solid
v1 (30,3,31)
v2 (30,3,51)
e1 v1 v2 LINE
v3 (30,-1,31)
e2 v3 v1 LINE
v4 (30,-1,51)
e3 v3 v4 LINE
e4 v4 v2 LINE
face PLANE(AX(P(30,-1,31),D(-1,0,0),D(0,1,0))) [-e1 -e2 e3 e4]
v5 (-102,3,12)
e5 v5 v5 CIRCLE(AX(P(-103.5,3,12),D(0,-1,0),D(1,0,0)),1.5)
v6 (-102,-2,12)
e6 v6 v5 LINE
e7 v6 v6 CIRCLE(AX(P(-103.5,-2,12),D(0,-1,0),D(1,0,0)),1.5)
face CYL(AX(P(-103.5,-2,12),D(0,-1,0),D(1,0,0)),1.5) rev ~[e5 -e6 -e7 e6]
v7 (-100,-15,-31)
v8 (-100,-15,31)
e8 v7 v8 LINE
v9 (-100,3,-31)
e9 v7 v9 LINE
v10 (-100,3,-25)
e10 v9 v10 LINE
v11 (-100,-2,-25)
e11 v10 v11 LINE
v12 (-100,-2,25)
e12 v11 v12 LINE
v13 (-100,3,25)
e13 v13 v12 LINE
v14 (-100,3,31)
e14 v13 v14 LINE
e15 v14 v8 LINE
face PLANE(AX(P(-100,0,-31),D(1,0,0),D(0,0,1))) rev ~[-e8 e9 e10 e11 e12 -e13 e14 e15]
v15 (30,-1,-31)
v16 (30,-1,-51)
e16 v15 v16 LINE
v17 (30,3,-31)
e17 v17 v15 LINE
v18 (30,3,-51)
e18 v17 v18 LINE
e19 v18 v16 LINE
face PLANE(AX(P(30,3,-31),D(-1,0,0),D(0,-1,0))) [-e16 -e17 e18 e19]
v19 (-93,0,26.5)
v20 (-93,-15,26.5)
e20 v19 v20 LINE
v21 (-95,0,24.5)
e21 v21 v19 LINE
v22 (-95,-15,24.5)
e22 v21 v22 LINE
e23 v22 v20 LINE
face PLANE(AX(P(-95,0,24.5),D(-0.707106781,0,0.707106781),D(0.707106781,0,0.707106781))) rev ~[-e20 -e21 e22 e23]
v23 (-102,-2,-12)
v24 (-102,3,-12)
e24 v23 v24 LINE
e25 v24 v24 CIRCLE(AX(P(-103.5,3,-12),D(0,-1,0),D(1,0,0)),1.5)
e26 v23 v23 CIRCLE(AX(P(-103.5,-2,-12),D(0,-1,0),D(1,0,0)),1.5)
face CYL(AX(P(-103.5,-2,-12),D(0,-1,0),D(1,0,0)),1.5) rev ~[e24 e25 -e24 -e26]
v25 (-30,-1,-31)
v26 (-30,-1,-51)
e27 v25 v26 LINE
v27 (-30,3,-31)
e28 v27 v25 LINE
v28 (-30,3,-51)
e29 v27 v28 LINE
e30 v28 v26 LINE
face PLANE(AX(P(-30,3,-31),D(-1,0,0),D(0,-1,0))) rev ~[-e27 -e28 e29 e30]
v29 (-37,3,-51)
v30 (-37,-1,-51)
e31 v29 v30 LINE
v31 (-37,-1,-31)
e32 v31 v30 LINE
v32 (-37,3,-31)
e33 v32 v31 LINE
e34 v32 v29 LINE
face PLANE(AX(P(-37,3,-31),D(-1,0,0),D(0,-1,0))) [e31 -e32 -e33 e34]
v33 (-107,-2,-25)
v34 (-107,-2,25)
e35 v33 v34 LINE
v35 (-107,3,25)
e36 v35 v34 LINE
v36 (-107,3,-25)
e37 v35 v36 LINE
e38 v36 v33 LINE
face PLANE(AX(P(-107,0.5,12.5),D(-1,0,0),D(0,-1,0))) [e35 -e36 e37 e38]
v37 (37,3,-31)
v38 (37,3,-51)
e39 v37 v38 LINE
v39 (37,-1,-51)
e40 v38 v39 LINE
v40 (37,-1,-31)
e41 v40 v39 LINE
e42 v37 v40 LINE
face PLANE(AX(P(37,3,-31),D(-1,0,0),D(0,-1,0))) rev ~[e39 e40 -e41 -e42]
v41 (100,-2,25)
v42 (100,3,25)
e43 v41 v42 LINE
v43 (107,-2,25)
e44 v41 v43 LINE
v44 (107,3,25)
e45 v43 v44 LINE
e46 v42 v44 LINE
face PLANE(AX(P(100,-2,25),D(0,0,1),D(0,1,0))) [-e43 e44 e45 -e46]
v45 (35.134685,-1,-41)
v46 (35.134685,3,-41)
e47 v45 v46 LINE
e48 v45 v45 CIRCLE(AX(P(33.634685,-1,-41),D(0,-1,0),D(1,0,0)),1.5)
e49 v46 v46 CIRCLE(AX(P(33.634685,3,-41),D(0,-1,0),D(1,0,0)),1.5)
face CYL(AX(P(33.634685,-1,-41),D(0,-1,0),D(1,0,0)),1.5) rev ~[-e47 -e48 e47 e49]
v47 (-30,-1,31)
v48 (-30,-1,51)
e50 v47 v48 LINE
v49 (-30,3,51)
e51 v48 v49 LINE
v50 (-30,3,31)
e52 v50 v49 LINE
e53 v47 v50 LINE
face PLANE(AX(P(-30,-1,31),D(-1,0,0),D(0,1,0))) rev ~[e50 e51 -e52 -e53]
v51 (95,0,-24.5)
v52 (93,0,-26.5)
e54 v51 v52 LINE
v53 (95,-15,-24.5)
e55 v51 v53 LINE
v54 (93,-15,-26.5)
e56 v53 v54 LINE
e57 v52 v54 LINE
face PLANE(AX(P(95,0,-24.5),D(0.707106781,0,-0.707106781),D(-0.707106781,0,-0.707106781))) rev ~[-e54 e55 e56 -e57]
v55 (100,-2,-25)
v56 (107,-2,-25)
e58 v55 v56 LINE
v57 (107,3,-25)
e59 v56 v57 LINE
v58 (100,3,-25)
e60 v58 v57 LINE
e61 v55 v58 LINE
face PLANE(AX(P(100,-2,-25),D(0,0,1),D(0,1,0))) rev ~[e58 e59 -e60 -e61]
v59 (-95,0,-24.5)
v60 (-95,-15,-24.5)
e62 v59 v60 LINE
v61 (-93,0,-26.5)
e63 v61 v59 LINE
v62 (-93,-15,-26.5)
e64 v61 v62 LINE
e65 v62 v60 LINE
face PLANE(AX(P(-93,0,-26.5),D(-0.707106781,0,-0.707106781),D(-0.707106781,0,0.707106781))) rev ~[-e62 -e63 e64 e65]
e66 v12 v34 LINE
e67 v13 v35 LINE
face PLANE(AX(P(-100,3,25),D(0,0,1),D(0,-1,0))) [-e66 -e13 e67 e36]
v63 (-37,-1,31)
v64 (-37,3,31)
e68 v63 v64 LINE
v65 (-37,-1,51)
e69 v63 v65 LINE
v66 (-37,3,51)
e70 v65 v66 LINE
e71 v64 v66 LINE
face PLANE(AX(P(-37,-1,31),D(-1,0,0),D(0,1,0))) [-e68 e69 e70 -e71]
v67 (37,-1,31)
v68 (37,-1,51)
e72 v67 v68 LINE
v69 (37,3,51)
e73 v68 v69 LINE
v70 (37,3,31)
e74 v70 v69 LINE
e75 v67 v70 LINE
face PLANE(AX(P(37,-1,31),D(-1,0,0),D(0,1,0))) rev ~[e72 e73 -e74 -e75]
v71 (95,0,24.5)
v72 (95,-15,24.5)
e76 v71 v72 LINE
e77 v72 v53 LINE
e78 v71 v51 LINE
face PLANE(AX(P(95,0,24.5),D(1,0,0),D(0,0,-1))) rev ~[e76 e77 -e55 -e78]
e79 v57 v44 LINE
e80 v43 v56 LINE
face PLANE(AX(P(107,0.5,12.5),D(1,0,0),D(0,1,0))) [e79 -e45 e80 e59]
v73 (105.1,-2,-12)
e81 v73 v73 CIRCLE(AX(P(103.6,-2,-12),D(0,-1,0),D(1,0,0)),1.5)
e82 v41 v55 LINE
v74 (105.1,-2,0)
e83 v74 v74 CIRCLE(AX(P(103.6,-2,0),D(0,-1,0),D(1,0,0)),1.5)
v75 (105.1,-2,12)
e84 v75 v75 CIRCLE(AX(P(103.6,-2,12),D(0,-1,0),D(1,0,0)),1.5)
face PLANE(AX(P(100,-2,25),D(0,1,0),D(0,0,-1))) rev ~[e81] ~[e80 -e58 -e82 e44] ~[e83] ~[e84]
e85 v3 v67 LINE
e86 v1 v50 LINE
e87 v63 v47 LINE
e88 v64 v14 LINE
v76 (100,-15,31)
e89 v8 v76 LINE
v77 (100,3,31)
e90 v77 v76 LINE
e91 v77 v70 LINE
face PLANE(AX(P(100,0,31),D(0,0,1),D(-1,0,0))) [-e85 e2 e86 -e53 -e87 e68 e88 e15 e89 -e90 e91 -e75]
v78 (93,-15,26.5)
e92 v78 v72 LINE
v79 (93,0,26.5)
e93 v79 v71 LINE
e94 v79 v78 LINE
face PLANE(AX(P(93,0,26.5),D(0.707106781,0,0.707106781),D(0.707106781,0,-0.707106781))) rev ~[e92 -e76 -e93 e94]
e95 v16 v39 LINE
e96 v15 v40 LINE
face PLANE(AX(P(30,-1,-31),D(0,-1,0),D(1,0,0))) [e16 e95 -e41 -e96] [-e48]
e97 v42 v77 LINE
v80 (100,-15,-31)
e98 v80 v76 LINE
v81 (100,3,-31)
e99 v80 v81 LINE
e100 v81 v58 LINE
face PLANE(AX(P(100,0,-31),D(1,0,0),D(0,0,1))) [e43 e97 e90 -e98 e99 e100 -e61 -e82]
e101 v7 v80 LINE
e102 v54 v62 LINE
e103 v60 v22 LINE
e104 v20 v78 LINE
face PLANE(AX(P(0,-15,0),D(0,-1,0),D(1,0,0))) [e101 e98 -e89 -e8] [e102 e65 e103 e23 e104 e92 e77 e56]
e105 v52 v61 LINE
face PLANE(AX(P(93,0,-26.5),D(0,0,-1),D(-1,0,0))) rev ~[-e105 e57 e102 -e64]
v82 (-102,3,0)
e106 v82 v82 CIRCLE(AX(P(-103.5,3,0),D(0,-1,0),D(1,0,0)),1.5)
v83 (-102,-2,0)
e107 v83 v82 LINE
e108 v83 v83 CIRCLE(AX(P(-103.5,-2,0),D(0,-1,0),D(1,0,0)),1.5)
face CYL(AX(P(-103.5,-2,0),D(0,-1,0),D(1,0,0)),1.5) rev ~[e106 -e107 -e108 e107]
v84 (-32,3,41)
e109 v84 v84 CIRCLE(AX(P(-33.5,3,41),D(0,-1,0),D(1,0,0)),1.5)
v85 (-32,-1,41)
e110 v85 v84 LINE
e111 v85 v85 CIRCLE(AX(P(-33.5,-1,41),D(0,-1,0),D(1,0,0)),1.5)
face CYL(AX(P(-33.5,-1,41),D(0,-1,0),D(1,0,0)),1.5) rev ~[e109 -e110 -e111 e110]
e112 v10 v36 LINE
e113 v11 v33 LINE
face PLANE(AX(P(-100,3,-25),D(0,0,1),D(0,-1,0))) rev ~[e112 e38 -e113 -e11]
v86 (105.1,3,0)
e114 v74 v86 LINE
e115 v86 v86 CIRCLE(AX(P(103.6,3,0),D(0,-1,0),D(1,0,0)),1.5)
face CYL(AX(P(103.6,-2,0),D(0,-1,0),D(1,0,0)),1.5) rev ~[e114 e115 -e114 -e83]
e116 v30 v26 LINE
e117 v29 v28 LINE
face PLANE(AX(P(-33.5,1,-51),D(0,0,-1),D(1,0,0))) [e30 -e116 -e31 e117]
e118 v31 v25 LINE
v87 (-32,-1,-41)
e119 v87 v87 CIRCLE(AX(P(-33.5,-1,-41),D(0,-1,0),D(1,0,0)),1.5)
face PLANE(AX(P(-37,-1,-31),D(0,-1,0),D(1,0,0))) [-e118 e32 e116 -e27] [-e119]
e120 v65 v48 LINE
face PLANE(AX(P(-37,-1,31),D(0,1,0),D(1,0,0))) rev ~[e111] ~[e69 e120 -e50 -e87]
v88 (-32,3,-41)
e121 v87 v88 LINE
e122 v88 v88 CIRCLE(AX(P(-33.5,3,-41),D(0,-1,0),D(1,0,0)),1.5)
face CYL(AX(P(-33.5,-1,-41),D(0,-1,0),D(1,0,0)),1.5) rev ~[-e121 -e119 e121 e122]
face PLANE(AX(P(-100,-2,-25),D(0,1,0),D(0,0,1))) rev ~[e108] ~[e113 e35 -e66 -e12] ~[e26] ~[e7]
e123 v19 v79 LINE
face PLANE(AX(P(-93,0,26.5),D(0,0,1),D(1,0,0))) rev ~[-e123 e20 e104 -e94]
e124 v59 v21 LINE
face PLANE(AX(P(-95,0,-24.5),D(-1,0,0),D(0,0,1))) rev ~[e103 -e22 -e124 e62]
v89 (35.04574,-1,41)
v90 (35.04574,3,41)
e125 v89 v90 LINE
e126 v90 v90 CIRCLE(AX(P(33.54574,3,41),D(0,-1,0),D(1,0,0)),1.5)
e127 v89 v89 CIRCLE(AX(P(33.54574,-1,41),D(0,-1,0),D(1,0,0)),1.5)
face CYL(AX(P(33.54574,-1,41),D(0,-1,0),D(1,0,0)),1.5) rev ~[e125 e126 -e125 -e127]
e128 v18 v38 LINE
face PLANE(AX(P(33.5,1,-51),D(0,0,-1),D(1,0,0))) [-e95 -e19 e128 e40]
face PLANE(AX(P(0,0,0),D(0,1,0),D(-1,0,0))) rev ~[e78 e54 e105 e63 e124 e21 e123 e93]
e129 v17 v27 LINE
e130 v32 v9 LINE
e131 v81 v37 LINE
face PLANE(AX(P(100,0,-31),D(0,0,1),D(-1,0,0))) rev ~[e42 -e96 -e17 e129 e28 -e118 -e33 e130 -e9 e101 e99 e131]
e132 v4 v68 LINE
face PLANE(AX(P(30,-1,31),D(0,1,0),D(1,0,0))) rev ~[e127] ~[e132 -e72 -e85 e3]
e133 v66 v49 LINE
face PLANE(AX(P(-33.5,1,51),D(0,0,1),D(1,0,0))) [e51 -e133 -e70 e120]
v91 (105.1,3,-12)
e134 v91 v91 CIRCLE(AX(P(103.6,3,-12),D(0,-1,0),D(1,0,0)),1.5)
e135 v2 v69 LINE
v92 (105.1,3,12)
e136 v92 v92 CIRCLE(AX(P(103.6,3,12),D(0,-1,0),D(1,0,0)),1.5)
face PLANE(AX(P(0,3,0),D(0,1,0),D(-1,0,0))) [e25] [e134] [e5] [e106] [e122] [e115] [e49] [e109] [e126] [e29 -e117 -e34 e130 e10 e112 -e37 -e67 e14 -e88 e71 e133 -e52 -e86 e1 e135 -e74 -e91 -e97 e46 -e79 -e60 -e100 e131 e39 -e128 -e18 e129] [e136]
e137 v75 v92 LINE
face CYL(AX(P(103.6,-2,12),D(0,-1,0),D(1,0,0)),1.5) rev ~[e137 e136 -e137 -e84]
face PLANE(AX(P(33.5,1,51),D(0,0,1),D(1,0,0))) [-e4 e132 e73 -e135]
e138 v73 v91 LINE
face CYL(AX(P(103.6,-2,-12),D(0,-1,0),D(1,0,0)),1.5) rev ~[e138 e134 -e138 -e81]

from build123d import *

# Parameters (mm, degrees)
F0_W      = 200
F0_H      = 62
F1_DEPTH  = 15
F2_W      = 200
F2_H      = 62
F3_DEPTH  = 3
F4_W      = 5
F4_H      = 25
F5_DEPTH  = 7
F6_R      = 1.5
F7_DEPTH  = 12.6
F8_W      = 5
F8_H      = 25
F9_DEPTH  = 7
F10_R     = 1.5
F11_DEPTH = 25
F12_W     = 7
F12_H     = 4
F13_DEPTH = 20
F14_R     = 1.5
F15_DEPTH = 25
F16_W     = 7
F16_H     = 4
F17_DEPTH = 20
F18_R     = 1.5
F19_DEPTH = 25


with BuildPart() as f1:
    # F0 (on Front) → F1 (new body)
    with BuildSketch(Plane.XZ):
        Rectangle(F0_W, F0_H)
        Polygon((95, -24.5), (95, -26.5), (93, -26.5), (-93, -26.5), (-95, -26.5), (-95, -24.5), (-95, 24.5), (-95, 26.5), (-93, 26.5), (93, 26.5), (95, 26.5), (95, 24.5), align=None, mode=Mode.SUBTRACT)
        Polygon((-95, -26.5), (-93, -26.5), (-95, -24.5), align=None)
        Polygon((-95, 26.5), (-95, 24.5), (-93, 26.5), align=None)
        Polygon((93, -26.5), (95, -26.5), (95, -24.5), align=None)
        Polygon((93, 26.5), (95, 24.5), (95, 26.5), align=None)
    extrude(amount=F1_DEPTH)

    # F2 (on face) → F3 (join)
    with BuildSketch(Plane(origin=(0, 0, 0), x_dir=(-1, 0, 0), z_dir=(0, 1, 0))):
        Rectangle(F2_W, F2_H)
        Polygon((95, 24.5), (95, -24.5), (93, -26.5), (-93, -26.5), (-95, -24.5), (-95, 24.5), (-93, 26.5), (93, 26.5), align=None, mode=Mode.SUBTRACT)
        Polygon((93, -26.5), (95, -24.5), (95, 24.5), (93, 26.5), (-93, 26.5), (-95, 24.5), (-95, -24.5), (-93, -26.5), align=None)
    extrude(amount=F3_DEPTH)

    # F4 (on face) → F5 (join)
    with BuildSketch(Plane(origin=(-100, 0, 0), x_dir=(0, -1, 0), z_dir=(-1, 0, 0))):
        with Locations((-0.5, 12.5)):
            Rectangle(F4_W, F4_H)
        with Locations((-0.5, -12.5)):
            Rectangle(F4_W, F4_H)
    extrude(amount=F5_DEPTH)

    # F6 (on face) → F7 (cut)
    with BuildSketch(Plane.XZ.offset(2)):
        with Locations((-103.5, 12)):
            Circle(F6_R)
        with Locations((-103.5, 0)):
            Circle(F6_R)
        with Locations((-103.5, -12)):
            Circle(F6_R)
    extrude(amount=-F7_DEPTH, mode=Mode.SUBTRACT)

    # F8 (on face) → F9 (join)
    with BuildSketch(Plane.YZ.offset(100)):
        with Locations((0.5, 12.5)):
            Rectangle(F8_W, F8_H)
        with Locations((0.5, -12.5)):
            Rectangle(F8_W, F8_H)
    extrude(amount=F9_DEPTH)

    # F10 (on face) → F11 (cut)
    with BuildSketch(Plane.XZ.offset(2)):
        with Locations((103.6, 0)):
            Circle(F10_R)
        with Locations((103.6, 12)):
            Circle(F10_R)
        with Locations((103.6, -12)):
            Circle(F10_R)
    extrude(amount=-F11_DEPTH, mode=Mode.SUBTRACT)

    # F12 (on face) → F13 (join)
    with BuildSketch(Plane.XY.offset(31)):
        with Locations((-33.5, 1)):
            Rectangle(F12_W, F12_H)
        with Locations((33.5, 1)):
            Rectangle(F12_W, F12_H)
    extrude(amount=F13_DEPTH)

    # F14 (on face) → F15 (cut)
    with BuildSketch(Plane.XZ.offset(1)):
        with Locations((-33.5, 41)):
            Circle(F14_R)
        with Locations((33.5457399487, 41)):
            Circle(F14_R)
    extrude(amount=-F15_DEPTH, mode=Mode.SUBTRACT)

    # F16 (on face) → F17 (join)
    with BuildSketch(Plane(origin=(0, 0, -31), x_dir=(1, 0, 0), z_dir=(0, 0, -1))):
        with Locations((-33.5, -1)):
            Rectangle(F16_W, F16_H)
        with Locations((33.5, -1)):
            Rectangle(F16_W, F16_H)
    extrude(amount=F17_DEPTH)

    # F18 (on face) → F19 (cut)
    with BuildSketch(Plane.XZ.offset(1)):
        with Locations((-33.5, -41)):
            Circle(F18_R)
        with Locations((33.6346849799, -41)):
            Circle(F18_R)
    extrude(amount=-F19_DEPTH, mode=Mode.SUBTRACT)


solid = f1.part
